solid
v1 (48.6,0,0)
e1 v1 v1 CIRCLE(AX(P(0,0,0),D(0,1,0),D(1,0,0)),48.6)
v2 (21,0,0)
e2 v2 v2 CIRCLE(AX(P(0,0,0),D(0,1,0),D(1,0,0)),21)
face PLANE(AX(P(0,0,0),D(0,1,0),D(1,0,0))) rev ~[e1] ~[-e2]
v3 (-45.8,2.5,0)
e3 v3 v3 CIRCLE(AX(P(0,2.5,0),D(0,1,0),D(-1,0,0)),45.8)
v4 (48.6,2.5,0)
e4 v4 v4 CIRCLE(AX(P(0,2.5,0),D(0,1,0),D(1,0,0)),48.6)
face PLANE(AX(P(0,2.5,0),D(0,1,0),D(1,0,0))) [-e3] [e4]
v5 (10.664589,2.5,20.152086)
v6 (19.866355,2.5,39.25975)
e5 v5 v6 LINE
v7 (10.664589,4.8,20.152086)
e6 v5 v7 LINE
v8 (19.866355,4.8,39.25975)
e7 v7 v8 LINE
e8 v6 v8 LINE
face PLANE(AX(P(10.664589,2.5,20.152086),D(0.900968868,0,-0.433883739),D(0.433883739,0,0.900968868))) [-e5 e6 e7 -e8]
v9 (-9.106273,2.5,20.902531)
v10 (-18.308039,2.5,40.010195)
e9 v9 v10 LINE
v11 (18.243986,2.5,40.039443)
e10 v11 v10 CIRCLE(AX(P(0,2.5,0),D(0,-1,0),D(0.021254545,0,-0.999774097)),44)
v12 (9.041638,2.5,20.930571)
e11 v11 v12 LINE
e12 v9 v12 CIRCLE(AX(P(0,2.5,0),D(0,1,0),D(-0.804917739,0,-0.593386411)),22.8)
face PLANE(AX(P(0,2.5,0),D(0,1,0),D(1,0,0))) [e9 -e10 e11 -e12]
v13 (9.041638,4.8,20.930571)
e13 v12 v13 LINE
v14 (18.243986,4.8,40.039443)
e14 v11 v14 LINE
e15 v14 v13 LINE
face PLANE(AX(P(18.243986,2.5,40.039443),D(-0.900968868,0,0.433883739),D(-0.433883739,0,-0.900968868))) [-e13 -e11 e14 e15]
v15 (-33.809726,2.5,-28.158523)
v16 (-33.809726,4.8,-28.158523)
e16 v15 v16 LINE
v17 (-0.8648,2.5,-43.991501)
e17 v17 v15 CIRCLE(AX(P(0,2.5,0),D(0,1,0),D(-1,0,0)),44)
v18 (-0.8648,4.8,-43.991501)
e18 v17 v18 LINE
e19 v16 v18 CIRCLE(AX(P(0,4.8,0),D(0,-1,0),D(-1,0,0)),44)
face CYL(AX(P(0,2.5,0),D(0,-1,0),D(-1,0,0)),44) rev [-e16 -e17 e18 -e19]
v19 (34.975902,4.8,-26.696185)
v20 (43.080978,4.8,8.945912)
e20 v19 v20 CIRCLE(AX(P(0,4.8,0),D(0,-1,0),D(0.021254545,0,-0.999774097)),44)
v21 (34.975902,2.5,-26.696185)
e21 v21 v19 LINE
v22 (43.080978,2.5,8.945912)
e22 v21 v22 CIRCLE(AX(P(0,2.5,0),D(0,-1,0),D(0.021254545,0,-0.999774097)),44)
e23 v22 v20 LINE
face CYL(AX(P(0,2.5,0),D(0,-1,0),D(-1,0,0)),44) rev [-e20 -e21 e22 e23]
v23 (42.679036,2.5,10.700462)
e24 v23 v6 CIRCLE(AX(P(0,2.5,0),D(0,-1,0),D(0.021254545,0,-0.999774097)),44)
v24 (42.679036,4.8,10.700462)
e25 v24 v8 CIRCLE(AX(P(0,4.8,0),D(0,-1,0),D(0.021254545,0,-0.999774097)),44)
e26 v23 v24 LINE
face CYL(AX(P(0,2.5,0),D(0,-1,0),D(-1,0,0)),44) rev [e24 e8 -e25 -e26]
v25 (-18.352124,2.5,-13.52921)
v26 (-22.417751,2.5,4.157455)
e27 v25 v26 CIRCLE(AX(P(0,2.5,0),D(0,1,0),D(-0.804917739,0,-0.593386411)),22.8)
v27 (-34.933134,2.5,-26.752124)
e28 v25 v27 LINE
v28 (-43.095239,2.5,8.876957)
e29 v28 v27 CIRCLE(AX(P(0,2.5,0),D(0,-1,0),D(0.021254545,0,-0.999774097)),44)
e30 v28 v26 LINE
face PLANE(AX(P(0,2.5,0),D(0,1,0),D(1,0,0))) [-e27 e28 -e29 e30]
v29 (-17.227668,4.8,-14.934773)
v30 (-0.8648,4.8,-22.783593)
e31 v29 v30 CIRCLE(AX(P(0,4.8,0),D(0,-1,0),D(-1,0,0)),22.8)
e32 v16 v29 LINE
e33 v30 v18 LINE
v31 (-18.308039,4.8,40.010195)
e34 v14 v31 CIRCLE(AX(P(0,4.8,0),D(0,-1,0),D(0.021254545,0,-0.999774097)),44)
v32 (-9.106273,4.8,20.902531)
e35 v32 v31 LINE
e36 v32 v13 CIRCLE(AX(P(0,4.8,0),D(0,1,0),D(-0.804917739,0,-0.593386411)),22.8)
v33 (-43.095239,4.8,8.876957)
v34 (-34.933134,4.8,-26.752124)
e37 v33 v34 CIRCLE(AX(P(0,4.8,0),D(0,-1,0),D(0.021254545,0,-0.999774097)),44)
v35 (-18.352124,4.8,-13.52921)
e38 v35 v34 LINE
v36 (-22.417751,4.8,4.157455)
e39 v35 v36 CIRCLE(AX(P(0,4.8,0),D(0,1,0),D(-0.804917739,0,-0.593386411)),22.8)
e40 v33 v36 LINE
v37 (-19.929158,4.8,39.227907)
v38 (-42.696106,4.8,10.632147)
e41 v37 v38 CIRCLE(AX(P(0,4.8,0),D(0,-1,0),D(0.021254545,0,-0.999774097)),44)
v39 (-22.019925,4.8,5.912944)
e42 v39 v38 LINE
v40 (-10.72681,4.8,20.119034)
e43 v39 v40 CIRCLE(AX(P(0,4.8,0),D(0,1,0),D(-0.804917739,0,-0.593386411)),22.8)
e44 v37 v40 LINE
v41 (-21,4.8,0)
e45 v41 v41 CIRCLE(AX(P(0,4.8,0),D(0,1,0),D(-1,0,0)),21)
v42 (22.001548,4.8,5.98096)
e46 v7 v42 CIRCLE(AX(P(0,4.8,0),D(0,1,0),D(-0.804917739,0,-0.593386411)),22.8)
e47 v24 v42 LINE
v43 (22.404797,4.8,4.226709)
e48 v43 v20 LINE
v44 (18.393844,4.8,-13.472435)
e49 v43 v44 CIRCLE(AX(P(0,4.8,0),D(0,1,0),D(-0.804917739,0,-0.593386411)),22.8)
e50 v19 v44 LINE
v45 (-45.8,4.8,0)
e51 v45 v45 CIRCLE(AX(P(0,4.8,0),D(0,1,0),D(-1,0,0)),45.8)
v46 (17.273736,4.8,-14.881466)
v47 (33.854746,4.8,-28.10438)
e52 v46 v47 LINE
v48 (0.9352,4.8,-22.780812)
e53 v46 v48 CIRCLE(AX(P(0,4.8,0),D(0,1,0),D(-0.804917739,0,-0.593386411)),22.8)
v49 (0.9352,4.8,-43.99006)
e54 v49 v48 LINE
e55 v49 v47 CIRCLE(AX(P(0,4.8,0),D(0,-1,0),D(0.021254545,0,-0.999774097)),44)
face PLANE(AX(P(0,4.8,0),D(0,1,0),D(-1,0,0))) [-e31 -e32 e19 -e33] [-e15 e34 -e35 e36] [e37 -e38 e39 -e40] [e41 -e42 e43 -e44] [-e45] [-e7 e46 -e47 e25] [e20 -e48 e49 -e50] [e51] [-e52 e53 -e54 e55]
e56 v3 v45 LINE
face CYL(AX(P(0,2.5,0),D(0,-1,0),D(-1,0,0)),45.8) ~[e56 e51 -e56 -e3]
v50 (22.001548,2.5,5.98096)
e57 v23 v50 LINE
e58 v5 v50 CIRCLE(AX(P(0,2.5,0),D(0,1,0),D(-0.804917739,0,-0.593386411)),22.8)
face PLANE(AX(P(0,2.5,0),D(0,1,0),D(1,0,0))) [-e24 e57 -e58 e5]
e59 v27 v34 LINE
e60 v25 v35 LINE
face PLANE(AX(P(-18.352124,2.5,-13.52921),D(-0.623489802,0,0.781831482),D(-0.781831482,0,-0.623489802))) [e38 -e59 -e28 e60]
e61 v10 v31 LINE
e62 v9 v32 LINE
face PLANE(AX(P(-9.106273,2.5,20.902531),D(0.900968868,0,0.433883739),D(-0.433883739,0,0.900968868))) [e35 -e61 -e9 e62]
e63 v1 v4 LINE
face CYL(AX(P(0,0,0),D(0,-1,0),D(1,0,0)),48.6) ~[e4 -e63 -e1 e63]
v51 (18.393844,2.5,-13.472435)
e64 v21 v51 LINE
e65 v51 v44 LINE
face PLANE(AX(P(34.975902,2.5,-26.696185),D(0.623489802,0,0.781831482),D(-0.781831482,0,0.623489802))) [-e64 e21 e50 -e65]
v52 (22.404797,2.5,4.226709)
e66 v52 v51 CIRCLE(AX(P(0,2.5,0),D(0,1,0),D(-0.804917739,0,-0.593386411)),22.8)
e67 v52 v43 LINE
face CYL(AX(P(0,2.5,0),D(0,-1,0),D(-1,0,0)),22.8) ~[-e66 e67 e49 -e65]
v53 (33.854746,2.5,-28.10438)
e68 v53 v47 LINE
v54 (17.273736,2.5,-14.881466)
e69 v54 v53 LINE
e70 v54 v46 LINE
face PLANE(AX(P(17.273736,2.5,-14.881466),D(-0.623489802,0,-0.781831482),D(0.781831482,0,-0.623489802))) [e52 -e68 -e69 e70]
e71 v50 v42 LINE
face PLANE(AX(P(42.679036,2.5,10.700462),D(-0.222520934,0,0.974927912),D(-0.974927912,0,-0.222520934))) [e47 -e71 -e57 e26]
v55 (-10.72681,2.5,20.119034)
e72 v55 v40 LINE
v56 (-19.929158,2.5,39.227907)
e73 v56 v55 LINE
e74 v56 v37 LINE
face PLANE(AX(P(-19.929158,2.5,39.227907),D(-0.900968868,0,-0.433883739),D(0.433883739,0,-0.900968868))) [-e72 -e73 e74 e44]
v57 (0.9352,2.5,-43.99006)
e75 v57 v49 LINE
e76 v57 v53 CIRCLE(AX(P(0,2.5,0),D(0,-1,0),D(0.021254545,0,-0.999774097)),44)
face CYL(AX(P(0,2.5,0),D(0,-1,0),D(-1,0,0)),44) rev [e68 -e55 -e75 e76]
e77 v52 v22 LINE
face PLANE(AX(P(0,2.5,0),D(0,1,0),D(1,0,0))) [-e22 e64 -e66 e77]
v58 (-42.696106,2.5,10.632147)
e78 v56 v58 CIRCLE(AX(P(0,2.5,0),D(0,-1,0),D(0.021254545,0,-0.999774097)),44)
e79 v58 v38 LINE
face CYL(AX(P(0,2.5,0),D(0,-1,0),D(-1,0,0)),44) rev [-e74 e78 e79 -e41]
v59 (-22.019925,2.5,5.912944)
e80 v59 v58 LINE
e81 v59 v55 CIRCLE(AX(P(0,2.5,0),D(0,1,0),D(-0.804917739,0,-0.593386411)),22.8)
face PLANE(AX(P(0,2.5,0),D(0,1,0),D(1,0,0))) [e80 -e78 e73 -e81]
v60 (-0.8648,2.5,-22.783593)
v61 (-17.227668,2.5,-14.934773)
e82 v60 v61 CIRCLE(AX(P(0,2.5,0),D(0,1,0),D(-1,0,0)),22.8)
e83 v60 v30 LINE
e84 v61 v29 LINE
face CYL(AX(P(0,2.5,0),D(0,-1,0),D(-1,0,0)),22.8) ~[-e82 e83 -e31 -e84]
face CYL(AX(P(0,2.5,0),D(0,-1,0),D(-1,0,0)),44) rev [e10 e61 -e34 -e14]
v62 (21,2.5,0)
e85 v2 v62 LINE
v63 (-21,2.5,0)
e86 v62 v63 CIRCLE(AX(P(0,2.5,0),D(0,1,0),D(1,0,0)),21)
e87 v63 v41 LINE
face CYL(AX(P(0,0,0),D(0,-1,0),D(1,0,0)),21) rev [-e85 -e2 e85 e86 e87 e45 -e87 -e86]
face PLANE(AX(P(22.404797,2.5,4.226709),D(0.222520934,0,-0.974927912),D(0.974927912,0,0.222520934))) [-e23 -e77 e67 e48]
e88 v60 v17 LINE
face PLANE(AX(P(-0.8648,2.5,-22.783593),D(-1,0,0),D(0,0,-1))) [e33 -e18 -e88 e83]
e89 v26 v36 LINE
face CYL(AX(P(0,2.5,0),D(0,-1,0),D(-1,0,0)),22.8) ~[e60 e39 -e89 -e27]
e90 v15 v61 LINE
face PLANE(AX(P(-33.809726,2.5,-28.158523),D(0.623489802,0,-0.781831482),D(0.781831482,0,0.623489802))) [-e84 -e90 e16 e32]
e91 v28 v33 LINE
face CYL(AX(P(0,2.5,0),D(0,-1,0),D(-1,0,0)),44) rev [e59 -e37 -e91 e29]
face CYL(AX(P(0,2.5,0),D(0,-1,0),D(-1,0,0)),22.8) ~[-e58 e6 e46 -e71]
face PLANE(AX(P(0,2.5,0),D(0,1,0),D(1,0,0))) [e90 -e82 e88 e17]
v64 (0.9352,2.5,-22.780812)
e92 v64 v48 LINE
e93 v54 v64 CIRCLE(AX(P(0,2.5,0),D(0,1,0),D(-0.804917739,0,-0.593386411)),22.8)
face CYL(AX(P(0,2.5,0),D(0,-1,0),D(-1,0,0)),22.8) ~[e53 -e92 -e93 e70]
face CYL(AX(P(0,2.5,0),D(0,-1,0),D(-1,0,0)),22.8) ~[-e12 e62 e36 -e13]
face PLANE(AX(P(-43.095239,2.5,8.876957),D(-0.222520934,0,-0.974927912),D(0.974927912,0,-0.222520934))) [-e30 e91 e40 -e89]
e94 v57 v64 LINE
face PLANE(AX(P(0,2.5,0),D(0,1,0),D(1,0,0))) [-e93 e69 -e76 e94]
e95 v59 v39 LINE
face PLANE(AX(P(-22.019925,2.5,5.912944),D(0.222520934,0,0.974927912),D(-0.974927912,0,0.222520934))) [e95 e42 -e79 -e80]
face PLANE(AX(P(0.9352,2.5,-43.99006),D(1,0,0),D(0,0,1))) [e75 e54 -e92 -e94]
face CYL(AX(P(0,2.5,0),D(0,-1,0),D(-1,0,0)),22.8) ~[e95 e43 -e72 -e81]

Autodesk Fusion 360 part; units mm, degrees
sketch "Sketch1" plane through (0, 0, 0) normal (0, 1, 0) x (1, 0, 0)
  circle A0 centre (0, 0) radius 48.6
  circle A1 centre (0, 0) radius 21
  dimension "d1" = 97.2
  dimension "d7" = 42
extrude "Extrude1" add sketch "Sketch1" along normal blind 2.5
sketch "support_ribs" plane through (0, 2.5, 0) normal (0, 1, 0) x (-1, 0, 0)
  circle A0 centre (0, 0) radius 21
  circle A1 centre (0, 0) radius 48.6
  circle A2 centre (0, 0) radius 45.8
  circle A3 centre (0, 0) radius 44
  circle A4 centre (0, 0) radius 21
  circle A5 centre (0, 0) radius 22.8
  line L0 (-0.9352, -21.9) -> (0.8648, -21.9)
  line L1 (0.8648, -21.9) -> (0.8648, -44.9)
  line L2 (0.8648, -44.9) -> (-0.9352, -44.9)
  line L3 (-0.9352, -44.9) -> (-0.9352, -21.9)
  line L4 (-0.9352, -21.9) -> (0.8648, -44.9) construction
  line L5 (0.8648, -21.9) -> (-0.9352, -44.9) construction
  dimension "d12" = 91.6
  dimension "d13" = 88
  dimension "d14" = 42
  dimension "d15" = 45.6
  dimension "d16" = 33.4
  dimension "d17" = 1.8
  dimension "d18" = 23
extrude "Extrude2" add sketch "support_ribs" along normal blind 2.3 contours A2 | A3 L1 L2 L3 | A5 L0 L1 L3 | A5 L0 L1 L3
extrude "Extrude3" add sketch "support_ribs" along normal blind 2.3 contours A3 A5 L1 L3 picked at (0.6649, -29.8579)
pattern_circular "C-Pattern1" count 7 over 360 about axis through (0, 1.75, 0) along (0, 1, 0) of "Extrude3"
equation "d1 = insert_dia"
equation "insert_dia = 97.2 mm"
equation "bit_dia = 30 mm"
equation "bit_clearance = 6 mm" comment "clearance between bit and insert"
equation "insert_thick = 2.5 mm"
equation "support_rib_height = 2.3 mm"
equation "d7 = bit_dia + bit_clearance * 2"
equation "d8 = insert_thick"
equation "insert_lip = 2.8 mm"
equation "support_rib_width = 1.8 mm"
equation "d12 = insert_dia - 2 * insert_lip"
equation "d13 = insert_dia - 2 * insert_lip - support_rib_width * 2"
equation "d14 = bit_dia + 2 * bit_clearance"
equation "d15 = bit_dia + 2 * bit_clearance + 2 * support_rib_width"
equation "d16 = ( insert_dia - 2 * insert_lip - ( bit_dia + 2 * bit_clearance ) ) / 4 + bit_dia / 2 + bit_clearance"
equation "d17 = support_rib_width"
equation "d18 = insert_dia / 2 - insert_lip - bit_dia / 2 - bit_clearance - support_rib_width"
equation "d19 = support_rib_height"
equation "d21 = support_rib_height"
